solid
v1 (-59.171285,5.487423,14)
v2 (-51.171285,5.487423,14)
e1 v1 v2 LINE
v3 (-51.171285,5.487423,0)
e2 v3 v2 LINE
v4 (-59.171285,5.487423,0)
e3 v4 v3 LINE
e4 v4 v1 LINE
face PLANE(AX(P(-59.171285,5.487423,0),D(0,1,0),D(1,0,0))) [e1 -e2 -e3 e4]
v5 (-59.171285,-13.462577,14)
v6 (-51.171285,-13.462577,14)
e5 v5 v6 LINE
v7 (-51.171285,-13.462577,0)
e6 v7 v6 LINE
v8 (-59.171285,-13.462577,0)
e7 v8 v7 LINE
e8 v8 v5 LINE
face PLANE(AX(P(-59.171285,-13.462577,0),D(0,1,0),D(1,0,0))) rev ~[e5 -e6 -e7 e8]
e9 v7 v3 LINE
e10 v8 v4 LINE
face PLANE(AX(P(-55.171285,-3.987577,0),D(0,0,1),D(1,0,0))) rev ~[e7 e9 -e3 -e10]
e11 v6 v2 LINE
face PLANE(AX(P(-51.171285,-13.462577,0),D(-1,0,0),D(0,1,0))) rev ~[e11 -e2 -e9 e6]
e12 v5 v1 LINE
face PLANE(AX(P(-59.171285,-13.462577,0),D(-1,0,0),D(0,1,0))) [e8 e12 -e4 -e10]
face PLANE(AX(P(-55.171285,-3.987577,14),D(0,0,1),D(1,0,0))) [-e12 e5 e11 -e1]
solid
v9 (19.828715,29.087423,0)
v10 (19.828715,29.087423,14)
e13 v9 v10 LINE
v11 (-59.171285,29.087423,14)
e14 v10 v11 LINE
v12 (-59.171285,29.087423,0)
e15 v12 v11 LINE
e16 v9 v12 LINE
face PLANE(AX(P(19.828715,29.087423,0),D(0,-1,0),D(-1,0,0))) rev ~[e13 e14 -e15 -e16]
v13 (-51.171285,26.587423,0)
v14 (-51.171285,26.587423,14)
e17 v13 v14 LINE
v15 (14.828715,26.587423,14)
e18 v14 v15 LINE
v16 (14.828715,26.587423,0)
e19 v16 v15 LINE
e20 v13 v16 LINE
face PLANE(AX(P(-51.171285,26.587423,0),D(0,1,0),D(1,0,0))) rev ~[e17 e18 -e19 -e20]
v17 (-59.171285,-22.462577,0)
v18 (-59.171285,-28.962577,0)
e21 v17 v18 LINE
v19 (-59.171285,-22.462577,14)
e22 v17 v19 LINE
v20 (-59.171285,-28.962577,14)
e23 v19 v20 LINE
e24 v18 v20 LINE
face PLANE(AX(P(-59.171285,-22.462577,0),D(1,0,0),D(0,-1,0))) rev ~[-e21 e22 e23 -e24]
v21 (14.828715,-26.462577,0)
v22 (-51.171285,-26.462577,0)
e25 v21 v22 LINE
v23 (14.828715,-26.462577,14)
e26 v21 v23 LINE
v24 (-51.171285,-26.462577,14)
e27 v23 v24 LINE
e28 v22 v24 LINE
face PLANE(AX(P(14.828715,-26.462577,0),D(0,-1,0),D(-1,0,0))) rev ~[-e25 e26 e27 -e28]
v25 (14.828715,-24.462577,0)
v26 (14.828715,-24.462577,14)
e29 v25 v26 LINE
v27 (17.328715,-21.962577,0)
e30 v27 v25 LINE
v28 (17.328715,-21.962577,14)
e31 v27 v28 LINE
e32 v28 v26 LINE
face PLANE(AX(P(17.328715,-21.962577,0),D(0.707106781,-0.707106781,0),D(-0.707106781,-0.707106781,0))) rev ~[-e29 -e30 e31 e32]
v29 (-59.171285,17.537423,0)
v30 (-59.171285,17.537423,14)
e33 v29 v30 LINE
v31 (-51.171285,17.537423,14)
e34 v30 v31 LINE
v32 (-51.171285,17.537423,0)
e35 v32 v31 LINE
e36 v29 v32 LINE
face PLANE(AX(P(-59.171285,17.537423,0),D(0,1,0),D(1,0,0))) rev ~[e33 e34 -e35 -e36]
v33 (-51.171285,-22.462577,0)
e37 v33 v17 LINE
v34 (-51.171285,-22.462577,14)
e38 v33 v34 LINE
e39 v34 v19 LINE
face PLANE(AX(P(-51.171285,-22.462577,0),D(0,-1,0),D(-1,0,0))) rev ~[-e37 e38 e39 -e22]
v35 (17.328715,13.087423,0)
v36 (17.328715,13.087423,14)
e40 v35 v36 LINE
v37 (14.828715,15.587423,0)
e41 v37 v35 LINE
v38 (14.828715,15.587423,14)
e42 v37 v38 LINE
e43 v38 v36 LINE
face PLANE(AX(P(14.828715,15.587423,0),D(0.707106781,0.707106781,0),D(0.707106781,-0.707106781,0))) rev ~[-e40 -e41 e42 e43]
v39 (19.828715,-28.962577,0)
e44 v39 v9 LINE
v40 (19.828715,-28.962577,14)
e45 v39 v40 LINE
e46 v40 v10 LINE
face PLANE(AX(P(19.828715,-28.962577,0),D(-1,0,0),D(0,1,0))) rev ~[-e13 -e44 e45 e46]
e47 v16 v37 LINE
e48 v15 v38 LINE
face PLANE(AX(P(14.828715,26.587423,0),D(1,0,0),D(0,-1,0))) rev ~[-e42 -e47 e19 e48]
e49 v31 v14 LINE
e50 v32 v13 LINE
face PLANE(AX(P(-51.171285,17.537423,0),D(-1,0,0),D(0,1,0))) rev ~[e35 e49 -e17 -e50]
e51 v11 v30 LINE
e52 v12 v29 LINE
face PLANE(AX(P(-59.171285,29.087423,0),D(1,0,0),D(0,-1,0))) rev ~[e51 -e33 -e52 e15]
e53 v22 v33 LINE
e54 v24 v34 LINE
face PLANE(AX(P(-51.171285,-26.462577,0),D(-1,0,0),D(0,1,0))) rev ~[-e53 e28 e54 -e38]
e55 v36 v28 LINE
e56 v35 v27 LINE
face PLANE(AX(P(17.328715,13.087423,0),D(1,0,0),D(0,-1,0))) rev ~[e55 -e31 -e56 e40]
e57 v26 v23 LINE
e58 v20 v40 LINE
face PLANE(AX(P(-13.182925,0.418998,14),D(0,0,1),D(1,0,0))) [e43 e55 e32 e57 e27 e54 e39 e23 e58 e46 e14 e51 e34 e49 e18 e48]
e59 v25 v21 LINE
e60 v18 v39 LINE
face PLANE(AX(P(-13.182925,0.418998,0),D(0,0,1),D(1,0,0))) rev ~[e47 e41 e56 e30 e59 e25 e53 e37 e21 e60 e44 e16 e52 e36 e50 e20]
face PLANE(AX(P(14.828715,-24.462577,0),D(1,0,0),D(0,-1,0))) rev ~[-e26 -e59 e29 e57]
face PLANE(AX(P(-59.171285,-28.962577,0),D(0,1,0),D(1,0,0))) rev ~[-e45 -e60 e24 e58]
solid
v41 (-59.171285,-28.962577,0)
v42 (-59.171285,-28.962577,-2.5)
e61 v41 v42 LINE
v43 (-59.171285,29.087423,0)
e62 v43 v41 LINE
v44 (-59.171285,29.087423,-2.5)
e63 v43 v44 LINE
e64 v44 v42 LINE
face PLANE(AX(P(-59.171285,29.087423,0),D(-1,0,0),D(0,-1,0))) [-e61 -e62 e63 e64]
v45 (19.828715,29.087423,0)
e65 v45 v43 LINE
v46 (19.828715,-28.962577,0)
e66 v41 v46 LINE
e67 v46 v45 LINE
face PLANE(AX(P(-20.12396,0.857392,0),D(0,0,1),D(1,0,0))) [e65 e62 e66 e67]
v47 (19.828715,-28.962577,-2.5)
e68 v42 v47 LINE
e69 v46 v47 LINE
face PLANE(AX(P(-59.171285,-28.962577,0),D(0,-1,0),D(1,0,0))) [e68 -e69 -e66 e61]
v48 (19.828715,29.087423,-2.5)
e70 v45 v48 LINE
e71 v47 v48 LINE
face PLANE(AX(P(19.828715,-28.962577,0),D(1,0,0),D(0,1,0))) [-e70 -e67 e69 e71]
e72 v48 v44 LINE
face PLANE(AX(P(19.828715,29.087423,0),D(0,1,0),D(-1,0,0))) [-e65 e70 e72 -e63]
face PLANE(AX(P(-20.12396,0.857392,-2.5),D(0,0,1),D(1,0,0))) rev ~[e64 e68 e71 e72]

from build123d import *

# Parameters (mm, degrees)
F1_DEPTH = 14
F0_W     = 8
F0_H     = 18.95
F0_H_2   = 9
F0_H_3   = 12.05
F2_DEPTH = 2.5


with BuildPart() as f1:
    # F0 (on Top) → F1 (new body)
    with BuildSketch(Plane.XY):
        Polygon((-51.1712852555, 17.5374228269), (-51.1712852555, 26.5874228269), (14.8287147445, 26.5874228269), (17.3287147445, 26.5874228269), (17.3287147445, 13.0874228269), (17.3287147445, -21.9625771731), (17.3287147445, -26.4625771731), (14.8287147445, -26.4625771731), (-51.1712852555, -26.4625771731), (-51.1712852555, -22.4625771731), (-59.1712852555, -22.4625771731), (-59.1712852555, -28.9625771731), (19.8287147445, -28.9625771731), (19.8287147445, 29.0874228269), (-59.1712852555, 29.0874228269), (-59.1712852555, 17.5374228269), align=None)
        Polygon((17.3287147445, 26.5874228269), (14.8287147445, 26.5874228269), (14.8287147445, 15.5874228269), (17.3287147445, 13.0874228269), align=None)
        Polygon((17.3287147445, -21.9625771731), (14.8287147445, -24.4625771731), (14.8287147445, -26.4625771731), (17.3287147445, -26.4625771731), align=None)
    extrude(amount=F1_DEPTH)


with BuildPart() as f1b:
    # F0 (on Top) → F1, piece 2 (new body)
    with BuildSketch(Plane.XY):
        with Locations((-55.1712852555, -3.9875771731)):
            Rectangle(F0_W, F0_H)
    extrude(amount=F1_DEPTH)


with BuildPart() as f2:
    # F0 (on Top) → F2 (new body)
    with BuildSketch(Plane.XY):
        with BuildLine():
            Line((14.8287147445, 26.5874228269), (-51.1712852555, 26.5874228269))
            Line((-51.1712852555, 26.5874228269), (-51.1712852555, 17.5374228269))
            ThreePointArc((-51.1712852555, 17.5374228269), (-48.6712852555, 20.0374228269), (-46.1712852555, 17.5374228269))
            ThreePointArc((-46.1712852555, 17.5374228269), (-46.9035183025, 15.7696558739), (-48.6712852555, 15.0374228269))
            Line((-48.6712852555, 15.0374228269), (-48.6712852555, 7.9874228269))
            ThreePointArc((-48.6712852555, 7.9874228269), (-46.9035183025, 7.2551897799), (-46.1712852555, 5.4874228269))
            ThreePointArc((-46.1712852555, 5.4874228269), (-48.6712852555, 2.9874228269), (-51.1712852555, 5.4874228269))
            Line((-51.1712852555, 5.4874228269), (-51.1712852555, -13.4625771731))
            Line((-51.1712852555, -13.4625771731), (-51.1712852555, -22.4625771731))
            Line((-51.1712852555, -22.4625771731), (-51.1712852555, -26.4625771731))
            Line((-51.1712852555, -26.4625771731), (14.8287147445, -26.4625771731))
            Line((14.8287147445, -26.4625771731), (14.8287147445, -24.4625771731))
            Line((14.8287147445, -24.4625771731), (14.8287147445, 15.5874228269))
            Line((14.8287147445, 15.5874228269), (14.8287147445, 26.5874228269))
        make_face()
        with Locations((-55.1712852555, -17.9625771731)):
            Rectangle(F0_W, F0_H_2)
        Polygon((-51.1712852555, 17.5374228269), (-51.1712852555, 26.5874228269), (14.8287147445, 26.5874228269), (17.3287147445, 26.5874228269), (17.3287147445, 13.0874228269), (17.3287147445, -21.9625771731), (17.3287147445, -26.4625771731), (14.8287147445, -26.4625771731), (-51.1712852555, -26.4625771731), (-51.1712852555, -22.4625771731), (-59.1712852555, -22.4625771731), (-59.1712852555, -28.9625771731), (19.8287147445, -28.9625771731), (19.8287147445, 29.0874228269), (-59.1712852555, 29.0874228269), (-59.1712852555, 17.5374228269), align=None)
        with Locations((-55.1712852555, -3.9875771731)):
            Rectangle(F0_W, F0_H)
        with Locations((-55.1712852555, 11.5124228269)):
            Rectangle(F0_W, F0_H_3)
        Polygon((17.3287147445, 13.0874228269), (14.8287147445, 15.5874228269), (14.8287147445, -24.4625771731), (17.3287147445, -21.9625771731), align=None)
        Polygon((17.3287147445, -21.9625771731), (14.8287147445, -24.4625771731), (14.8287147445, -26.4625771731), (17.3287147445, -26.4625771731), align=None)
        Polygon((17.3287147445, 26.5874228269), (14.8287147445, 26.5874228269), (14.8287147445, 15.5874228269), (17.3287147445, 13.0874228269), align=None)
        with BuildLine():
            ThreePointArc((-46.1712852555, 17.5374228269), (-48.6712852555, 20.0374228269), (-51.1712852555, 17.5374228269))
            Line((-51.1712852555, 17.5374228269), (-48.6712852555, 17.5374228269))
            Line((-48.6712852555, 17.5374228269), (-48.6712852555, 15.0374228269))
            ThreePointArc((-48.6712852555, 15.0374228269), (-46.9035183025, 15.7696558739), (-46.1712852555, 17.5374228269))
        make_face()
        with BuildLine():
            Line((-48.6712852555, 17.5374228269), (-51.1712852555, 17.5374228269))
            ThreePointArc((-51.1712852555, 17.5374228269), (-50.4390522084, 15.7696558739), (-48.6712852555, 15.0374228269))
            Line((-48.6712852555, 15.0374228269), (-48.6712852555, 17.5374228269))
        make_face()
        with BuildLine():
            ThreePointArc((-48.6712852555, 15.0374228269), (-50.4390522084, 15.7696558739), (-51.1712852555, 17.5374228269))
            Line((-51.1712852555, 17.5374228269), (-51.1712852555, 5.4874228269))
            ThreePointArc((-51.1712852555, 5.4874228269), (-50.4390522084, 7.2551897799), (-48.6712852555, 7.9874228269))
            Line((-48.6712852555, 7.9874228269), (-48.6712852555, 15.0374228269))
        make_face()
        with BuildLine():
            ThreePointArc((-48.6712852555, 7.9874228269), (-50.4390522084, 7.2551897799), (-51.1712852555, 5.4874228269))
            Line((-51.1712852555, 5.4874228269), (-48.6712852555, 5.4874228269))
            Line((-48.6712852555, 5.4874228269), (-48.6712852555, 7.9874228269))
        make_face()
        with BuildLine():
            Line((-48.6712852555, 5.4874228269), (-51.1712852555, 5.4874228269))
            ThreePointArc((-51.1712852555, 5.4874228269), (-48.6712852555, 2.9874228269), (-46.1712852555, 5.4874228269))
            ThreePointArc((-46.1712852555, 5.4874228269), (-46.9035183025, 7.2551897799), (-48.6712852555, 7.9874228269))
            Line((-48.6712852555, 7.9874228269), (-48.6712852555, 5.4874228269))
        make_face()
    extrude(amount=-F2_DEPTH)


solid = Compound([f1.part, f1b.part, f2.part])
